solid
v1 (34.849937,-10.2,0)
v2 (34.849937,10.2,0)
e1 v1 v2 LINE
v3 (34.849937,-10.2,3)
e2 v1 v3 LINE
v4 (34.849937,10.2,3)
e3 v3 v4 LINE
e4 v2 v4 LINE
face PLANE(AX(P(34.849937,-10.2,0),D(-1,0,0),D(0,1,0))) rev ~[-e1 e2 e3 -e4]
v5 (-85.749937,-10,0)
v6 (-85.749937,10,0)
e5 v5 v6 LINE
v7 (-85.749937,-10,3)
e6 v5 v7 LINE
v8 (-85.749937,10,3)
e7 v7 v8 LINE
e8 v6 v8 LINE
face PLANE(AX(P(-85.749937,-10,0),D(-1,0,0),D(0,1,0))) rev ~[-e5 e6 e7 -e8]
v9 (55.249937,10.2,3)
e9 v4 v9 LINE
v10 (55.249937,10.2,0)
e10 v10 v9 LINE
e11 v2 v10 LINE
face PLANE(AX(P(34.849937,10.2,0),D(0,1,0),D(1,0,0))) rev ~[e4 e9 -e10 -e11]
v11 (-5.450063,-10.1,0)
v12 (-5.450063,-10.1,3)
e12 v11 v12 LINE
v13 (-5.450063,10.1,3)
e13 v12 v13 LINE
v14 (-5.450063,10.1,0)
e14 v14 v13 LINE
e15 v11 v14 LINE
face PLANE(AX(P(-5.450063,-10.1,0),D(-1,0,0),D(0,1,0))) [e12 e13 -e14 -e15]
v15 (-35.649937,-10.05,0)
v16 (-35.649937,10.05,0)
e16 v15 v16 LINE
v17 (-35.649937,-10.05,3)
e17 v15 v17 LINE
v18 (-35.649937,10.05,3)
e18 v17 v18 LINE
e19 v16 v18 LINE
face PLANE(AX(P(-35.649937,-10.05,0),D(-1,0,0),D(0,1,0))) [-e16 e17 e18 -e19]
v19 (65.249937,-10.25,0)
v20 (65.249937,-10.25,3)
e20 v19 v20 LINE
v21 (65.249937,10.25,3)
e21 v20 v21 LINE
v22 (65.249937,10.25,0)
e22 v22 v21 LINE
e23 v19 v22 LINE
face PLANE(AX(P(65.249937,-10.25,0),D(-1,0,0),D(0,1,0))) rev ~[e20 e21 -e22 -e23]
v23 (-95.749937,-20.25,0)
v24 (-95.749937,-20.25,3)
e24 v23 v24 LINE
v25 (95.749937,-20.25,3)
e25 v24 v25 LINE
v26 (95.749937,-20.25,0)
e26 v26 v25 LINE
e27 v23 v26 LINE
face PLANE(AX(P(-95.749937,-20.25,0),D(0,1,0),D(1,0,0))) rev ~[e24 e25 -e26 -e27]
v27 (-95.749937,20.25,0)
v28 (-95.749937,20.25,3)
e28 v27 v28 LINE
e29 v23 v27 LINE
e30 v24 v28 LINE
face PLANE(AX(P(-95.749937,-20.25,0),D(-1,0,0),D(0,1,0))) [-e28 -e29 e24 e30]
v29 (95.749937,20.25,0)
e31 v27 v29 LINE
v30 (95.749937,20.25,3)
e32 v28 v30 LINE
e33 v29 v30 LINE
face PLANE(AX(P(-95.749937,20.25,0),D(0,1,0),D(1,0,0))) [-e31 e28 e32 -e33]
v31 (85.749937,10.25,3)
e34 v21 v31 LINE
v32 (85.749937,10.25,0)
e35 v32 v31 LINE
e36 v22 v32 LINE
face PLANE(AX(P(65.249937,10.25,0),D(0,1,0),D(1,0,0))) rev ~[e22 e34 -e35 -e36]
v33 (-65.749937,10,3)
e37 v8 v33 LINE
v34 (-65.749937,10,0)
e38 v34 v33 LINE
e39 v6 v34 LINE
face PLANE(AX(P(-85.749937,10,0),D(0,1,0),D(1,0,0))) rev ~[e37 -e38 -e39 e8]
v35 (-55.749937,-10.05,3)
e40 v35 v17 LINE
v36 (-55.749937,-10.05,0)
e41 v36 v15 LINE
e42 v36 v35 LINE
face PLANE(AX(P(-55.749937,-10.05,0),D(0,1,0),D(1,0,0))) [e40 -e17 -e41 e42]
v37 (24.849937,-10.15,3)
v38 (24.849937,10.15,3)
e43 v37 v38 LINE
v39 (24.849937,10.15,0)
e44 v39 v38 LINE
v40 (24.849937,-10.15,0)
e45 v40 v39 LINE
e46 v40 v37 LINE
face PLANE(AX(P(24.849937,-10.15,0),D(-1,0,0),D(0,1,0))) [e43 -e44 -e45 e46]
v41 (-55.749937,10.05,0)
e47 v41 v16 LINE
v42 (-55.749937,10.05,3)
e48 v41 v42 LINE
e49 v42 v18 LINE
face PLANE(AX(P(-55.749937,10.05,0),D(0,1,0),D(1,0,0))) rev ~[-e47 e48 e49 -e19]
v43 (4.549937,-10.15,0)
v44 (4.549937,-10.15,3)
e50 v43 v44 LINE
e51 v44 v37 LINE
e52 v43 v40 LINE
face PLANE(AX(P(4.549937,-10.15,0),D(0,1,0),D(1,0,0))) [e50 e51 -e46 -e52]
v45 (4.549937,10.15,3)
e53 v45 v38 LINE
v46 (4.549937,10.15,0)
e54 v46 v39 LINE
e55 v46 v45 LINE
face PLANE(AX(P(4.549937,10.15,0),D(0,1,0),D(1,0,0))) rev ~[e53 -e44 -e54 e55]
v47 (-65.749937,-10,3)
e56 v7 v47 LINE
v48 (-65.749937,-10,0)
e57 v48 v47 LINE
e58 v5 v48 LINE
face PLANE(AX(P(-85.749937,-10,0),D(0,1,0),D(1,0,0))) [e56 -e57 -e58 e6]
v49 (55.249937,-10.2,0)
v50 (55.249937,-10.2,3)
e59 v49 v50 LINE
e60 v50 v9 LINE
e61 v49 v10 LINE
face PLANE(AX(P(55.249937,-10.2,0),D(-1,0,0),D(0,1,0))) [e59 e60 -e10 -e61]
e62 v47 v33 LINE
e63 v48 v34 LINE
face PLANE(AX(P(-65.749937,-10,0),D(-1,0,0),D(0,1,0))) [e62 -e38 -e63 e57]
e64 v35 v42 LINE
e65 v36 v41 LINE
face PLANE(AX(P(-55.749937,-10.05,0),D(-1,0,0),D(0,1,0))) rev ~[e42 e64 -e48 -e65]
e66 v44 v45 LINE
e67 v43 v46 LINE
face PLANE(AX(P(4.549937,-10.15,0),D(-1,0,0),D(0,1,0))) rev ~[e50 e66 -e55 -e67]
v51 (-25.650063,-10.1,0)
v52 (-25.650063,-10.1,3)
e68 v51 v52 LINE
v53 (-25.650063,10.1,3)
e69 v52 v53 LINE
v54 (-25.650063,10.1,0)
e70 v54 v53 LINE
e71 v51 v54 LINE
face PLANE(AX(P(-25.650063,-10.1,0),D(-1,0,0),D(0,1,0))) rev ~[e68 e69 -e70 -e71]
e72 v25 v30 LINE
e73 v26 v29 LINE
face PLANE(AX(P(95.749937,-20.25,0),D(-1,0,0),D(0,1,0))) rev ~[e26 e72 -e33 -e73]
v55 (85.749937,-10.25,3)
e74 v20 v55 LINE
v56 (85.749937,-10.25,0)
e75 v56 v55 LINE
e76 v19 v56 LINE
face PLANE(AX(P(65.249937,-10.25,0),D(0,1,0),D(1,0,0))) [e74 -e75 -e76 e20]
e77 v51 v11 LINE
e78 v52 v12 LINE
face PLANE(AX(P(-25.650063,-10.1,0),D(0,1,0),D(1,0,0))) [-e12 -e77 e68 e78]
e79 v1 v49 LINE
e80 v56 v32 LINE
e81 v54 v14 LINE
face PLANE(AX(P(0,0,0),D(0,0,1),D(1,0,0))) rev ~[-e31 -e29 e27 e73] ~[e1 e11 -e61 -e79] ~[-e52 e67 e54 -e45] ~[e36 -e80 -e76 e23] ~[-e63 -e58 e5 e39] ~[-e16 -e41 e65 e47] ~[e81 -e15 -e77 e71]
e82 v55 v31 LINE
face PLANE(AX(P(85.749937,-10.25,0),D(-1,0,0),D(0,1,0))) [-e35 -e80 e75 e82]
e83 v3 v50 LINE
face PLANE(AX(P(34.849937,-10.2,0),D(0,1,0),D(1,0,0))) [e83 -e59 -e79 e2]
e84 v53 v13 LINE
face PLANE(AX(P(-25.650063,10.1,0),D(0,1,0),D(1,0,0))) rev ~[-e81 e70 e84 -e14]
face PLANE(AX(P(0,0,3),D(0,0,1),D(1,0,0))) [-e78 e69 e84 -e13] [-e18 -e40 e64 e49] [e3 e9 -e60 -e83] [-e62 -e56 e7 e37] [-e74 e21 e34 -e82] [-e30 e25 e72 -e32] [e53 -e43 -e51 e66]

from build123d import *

# Parameters (mm, degrees)
F0_W     = 191.499874
F0_H     = 40.5
F0_W_2   = 20
F0_H_2   = 20
F0_W_3   = 20.1
F0_H_3   = 20.1
F0_W_4   = 20.2
F0_H_4   = 20.2
F0_W_5   = 20.3
F0_H_5   = 20.3
F0_W_6   = 20.4
F0_H_6   = 20.4
F0_W_7   = 20.5
F0_H_7   = 20.5
F1_DEPTH = 3


with BuildPart() as f1:
    # F0 (on Top) → F1 (new body)
    with BuildSketch(Plane.XY):
        Rectangle(F0_W, F0_H)
        with Locations((-75.749937, 0)):
            Rectangle(F0_W_2, F0_H_2, mode=Mode.SUBTRACT)
        with Locations((-45.699937, 0)):
            Rectangle(F0_W_3, F0_H_3, mode=Mode.SUBTRACT)
        with Locations((-15.550063, 0)):
            Rectangle(F0_W_4, F0_H_4, mode=Mode.SUBTRACT)
        with Locations((14.699937, 0)):
            Rectangle(F0_W_5, F0_H_5, mode=Mode.SUBTRACT)
        with Locations((45.049937, 0)):
            Rectangle(F0_W_6, F0_H_6, mode=Mode.SUBTRACT)
        with Locations((75.499937, 0)):
            Rectangle(F0_W_7, F0_H_7, mode=Mode.SUBTRACT)
    extrude(amount=F1_DEPTH)


solid = f1.part
